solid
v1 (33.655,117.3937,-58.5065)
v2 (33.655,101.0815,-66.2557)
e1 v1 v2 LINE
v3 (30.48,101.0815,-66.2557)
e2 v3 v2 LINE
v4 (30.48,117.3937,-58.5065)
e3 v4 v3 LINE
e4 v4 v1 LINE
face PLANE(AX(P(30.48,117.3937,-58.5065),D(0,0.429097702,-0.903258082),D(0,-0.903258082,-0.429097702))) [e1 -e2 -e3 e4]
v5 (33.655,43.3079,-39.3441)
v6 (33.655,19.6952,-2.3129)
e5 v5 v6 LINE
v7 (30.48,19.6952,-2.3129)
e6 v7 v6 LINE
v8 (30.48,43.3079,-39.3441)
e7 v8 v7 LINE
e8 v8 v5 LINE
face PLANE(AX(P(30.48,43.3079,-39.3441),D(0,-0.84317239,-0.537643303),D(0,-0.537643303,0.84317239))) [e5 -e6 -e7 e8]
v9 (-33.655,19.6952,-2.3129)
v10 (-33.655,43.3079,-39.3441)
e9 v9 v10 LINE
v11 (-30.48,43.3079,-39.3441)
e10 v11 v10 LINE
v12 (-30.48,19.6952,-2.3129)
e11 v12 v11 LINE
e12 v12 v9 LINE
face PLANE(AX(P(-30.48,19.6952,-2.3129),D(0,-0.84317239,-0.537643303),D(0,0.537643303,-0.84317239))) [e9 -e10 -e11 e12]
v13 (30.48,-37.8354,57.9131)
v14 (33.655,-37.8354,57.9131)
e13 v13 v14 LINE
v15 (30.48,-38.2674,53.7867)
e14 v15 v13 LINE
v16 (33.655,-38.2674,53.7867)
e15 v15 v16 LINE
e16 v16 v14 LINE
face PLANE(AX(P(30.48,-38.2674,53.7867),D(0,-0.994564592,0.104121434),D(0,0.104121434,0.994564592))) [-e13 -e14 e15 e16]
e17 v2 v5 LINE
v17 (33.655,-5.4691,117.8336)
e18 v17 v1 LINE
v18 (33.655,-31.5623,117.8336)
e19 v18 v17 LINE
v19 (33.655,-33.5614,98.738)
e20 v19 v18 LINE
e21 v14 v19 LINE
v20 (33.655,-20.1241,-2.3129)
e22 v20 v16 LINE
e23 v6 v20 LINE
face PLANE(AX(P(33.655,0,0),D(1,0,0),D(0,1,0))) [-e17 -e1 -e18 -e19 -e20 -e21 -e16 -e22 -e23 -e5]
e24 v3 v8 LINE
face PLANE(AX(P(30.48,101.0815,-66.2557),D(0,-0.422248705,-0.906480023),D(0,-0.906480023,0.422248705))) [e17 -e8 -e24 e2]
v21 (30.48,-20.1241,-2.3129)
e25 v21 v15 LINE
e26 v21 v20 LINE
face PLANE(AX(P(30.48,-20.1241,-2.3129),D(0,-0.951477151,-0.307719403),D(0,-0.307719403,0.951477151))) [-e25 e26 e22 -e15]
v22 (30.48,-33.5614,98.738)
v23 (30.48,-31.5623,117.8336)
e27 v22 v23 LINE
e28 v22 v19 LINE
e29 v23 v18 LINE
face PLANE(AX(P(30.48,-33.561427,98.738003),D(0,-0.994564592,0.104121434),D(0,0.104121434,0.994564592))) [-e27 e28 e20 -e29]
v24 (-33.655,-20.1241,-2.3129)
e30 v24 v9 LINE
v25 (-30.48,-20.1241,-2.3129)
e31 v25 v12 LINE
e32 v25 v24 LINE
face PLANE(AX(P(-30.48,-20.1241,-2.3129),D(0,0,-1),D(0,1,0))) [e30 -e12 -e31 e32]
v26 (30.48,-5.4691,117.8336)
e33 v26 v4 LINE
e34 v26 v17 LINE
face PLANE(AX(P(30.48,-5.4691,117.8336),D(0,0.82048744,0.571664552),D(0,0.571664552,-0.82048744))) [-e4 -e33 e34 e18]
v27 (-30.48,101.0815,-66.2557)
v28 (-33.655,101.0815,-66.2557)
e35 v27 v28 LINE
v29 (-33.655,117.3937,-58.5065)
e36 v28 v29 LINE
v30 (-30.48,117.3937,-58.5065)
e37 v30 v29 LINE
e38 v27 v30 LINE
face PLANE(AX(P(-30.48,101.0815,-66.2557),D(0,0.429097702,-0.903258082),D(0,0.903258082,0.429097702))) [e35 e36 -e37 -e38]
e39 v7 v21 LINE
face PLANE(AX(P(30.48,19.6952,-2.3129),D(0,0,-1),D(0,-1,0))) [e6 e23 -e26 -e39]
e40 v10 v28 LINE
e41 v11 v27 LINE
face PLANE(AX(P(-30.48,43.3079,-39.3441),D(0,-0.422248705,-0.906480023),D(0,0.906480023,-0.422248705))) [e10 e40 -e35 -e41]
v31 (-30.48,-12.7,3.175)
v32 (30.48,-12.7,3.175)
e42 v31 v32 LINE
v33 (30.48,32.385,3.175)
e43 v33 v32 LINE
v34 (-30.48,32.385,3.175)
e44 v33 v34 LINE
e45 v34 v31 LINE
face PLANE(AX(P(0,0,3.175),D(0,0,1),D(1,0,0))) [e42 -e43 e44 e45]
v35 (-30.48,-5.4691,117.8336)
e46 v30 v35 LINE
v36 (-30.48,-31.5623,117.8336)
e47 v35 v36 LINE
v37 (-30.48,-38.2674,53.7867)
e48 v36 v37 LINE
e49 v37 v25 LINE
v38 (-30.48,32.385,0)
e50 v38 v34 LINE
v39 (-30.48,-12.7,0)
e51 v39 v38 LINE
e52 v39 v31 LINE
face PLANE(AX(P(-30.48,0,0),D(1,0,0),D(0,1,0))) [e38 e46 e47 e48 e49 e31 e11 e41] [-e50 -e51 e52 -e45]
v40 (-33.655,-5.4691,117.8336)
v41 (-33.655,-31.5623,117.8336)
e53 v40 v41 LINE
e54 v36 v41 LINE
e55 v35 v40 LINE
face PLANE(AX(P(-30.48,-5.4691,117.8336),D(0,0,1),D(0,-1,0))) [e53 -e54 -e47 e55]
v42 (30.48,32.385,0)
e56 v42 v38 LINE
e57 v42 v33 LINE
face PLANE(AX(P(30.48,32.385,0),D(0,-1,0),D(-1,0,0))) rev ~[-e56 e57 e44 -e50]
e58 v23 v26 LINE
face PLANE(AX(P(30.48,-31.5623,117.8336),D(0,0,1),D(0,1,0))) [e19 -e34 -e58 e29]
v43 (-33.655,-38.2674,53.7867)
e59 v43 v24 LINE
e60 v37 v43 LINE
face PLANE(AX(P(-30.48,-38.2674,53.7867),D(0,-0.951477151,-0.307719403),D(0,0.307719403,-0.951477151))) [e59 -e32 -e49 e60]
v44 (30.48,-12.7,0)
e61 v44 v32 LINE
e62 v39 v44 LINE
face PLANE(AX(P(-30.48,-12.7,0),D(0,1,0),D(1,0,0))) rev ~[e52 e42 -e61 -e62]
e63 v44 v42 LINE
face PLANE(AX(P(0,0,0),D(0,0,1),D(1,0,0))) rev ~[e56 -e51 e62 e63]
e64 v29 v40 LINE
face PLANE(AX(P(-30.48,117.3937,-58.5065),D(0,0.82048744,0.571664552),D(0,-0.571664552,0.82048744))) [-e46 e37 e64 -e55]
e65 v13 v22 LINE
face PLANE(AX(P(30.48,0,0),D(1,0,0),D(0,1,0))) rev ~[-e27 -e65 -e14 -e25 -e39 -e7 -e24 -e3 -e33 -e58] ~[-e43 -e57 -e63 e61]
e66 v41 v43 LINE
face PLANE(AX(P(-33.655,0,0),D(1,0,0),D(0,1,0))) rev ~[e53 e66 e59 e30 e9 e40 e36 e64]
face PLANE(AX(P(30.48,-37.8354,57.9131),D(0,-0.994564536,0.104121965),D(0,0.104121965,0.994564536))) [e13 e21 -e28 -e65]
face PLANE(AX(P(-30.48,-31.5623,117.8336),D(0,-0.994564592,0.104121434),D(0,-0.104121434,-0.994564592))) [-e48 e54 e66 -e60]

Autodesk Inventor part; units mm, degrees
ref_plane "XZ Plane" through (0, 0, 0) normal (0, 1, 0) x (-1, 0, 0)
ref_plane "XY Plane" through (0, 0, 0) normal (0, 0, 1) x (1, 0, 0)
ref_plane "Work Plane1" through (30.48, 0, 0) normal (1, 0, 0) x (0, 1, 0)
sketch "Sketch1" plane through (30.48, 0, 0) normal (1, 0, 0) x (0, 1, 0)
  line L0 (-20.1241, -2.3129) -> (-38.2674, 53.7867)
  line L1 (-38.2674, 53.7867) -> (-31.5623, 117.8336)
  line L2 (-31.5623, 117.8336) -> (-5.4691, 117.8336)
  line L3 (-5.4691, 117.8336) -> (117.3937, -58.5065)
  line L4 (117.3937, -58.5065) -> (101.0815, -66.2557)
  line L5 (19.6952, -2.3129) -> (-20.1241, -2.3129)
  line L6 (101.0815, -66.2557) -> (43.3079, -39.3441)
  line L7 (43.3079, -39.3441) -> (19.6952, -2.3129)
  line L8 (-37.8354, 57.9131) -> (-33.5614, 98.738)
  point P0 (0, 0)
  point P1 (-12.6907, 108.8336)
  point P2 (0, 0)
  dimension "d1" = 9
  dimension "d2" = 39.8192
  dimension "d3" = 107.922
  dimension "d5" = 56.0996
  dimension "d6" = 84.023
  dimension "d7" = 64.0469
  dimension "d8" = 26.0932
  dimension "d9" = 55.134
  dimension "d10" = 176.3401
  dimension "d11" = 37.0312
  dimension "d12" = 26.9116
  dimension "d13" = 18.8716
  dimension "d14" = 111.1466
extrude "Extrusion1" add sketch "Sketch1" along normal blind 3.175
ref_plane "Work Plane2" through (-30.48, 0, 0) normal (1, 0, 0) x (0, 1, 0)
sketch "Sketch2" plane through (-30.48, 0, 0) normal (1, 0, 0) x (0, 1, 0)
  line L0 (-20.1241, -2.3129) -> (19.6952, -2.3129) projected
  line L1 (19.6952, -2.3129) -> (43.3079, -39.3441) projected
  line L2 (43.3079, -39.3441) -> (101.0815, -66.2557) projected
  line L3 (101.0815, -66.2557) -> (117.3937, -58.5065) projected
  line L4 (117.3937, -58.5065) -> (-5.4691, 117.8336) projected
  line L5 (-5.4691, 117.8336) -> (-31.5623, 117.8336) projected
  line L6 (-31.5623, 117.8336) -> (-38.2674, 53.7867) projected
  line L7 (-38.2674, 53.7867) -> (-20.1241, -2.3129) projected
  point P0 (0, 0)
extrude "Extrusion2" add sketch "Sketch2" against normal blind 3.175
sketch "Sketch3" plane through (0, 0, 0) normal (0, 0, 1) x (1, 0, 0)
  line L0 (-30.48, -12.7) -> (30.48, -12.7)
  line L1 (30.48, -12.7) -> (30.48, 32.385)
  line L2 (30.48, 32.385) -> (-30.48, 32.385)
  line L3 (-30.48, 32.385) -> (-30.48, -12.7)
  line L4 (-30.48, 117.3937) -> (-30.48, -5.4691) projected
  line L5 (30.48, 117.3937) -> (30.48, -5.4691) projected
  point P0 (0, 0)
  dimension "d20" = 12.7
  dimension "d21" = 32.385
extrude "Extrusion3" add sketch "Sketch3" along normal blind 3.175
properties part number "ShoulderBoundingBox"
